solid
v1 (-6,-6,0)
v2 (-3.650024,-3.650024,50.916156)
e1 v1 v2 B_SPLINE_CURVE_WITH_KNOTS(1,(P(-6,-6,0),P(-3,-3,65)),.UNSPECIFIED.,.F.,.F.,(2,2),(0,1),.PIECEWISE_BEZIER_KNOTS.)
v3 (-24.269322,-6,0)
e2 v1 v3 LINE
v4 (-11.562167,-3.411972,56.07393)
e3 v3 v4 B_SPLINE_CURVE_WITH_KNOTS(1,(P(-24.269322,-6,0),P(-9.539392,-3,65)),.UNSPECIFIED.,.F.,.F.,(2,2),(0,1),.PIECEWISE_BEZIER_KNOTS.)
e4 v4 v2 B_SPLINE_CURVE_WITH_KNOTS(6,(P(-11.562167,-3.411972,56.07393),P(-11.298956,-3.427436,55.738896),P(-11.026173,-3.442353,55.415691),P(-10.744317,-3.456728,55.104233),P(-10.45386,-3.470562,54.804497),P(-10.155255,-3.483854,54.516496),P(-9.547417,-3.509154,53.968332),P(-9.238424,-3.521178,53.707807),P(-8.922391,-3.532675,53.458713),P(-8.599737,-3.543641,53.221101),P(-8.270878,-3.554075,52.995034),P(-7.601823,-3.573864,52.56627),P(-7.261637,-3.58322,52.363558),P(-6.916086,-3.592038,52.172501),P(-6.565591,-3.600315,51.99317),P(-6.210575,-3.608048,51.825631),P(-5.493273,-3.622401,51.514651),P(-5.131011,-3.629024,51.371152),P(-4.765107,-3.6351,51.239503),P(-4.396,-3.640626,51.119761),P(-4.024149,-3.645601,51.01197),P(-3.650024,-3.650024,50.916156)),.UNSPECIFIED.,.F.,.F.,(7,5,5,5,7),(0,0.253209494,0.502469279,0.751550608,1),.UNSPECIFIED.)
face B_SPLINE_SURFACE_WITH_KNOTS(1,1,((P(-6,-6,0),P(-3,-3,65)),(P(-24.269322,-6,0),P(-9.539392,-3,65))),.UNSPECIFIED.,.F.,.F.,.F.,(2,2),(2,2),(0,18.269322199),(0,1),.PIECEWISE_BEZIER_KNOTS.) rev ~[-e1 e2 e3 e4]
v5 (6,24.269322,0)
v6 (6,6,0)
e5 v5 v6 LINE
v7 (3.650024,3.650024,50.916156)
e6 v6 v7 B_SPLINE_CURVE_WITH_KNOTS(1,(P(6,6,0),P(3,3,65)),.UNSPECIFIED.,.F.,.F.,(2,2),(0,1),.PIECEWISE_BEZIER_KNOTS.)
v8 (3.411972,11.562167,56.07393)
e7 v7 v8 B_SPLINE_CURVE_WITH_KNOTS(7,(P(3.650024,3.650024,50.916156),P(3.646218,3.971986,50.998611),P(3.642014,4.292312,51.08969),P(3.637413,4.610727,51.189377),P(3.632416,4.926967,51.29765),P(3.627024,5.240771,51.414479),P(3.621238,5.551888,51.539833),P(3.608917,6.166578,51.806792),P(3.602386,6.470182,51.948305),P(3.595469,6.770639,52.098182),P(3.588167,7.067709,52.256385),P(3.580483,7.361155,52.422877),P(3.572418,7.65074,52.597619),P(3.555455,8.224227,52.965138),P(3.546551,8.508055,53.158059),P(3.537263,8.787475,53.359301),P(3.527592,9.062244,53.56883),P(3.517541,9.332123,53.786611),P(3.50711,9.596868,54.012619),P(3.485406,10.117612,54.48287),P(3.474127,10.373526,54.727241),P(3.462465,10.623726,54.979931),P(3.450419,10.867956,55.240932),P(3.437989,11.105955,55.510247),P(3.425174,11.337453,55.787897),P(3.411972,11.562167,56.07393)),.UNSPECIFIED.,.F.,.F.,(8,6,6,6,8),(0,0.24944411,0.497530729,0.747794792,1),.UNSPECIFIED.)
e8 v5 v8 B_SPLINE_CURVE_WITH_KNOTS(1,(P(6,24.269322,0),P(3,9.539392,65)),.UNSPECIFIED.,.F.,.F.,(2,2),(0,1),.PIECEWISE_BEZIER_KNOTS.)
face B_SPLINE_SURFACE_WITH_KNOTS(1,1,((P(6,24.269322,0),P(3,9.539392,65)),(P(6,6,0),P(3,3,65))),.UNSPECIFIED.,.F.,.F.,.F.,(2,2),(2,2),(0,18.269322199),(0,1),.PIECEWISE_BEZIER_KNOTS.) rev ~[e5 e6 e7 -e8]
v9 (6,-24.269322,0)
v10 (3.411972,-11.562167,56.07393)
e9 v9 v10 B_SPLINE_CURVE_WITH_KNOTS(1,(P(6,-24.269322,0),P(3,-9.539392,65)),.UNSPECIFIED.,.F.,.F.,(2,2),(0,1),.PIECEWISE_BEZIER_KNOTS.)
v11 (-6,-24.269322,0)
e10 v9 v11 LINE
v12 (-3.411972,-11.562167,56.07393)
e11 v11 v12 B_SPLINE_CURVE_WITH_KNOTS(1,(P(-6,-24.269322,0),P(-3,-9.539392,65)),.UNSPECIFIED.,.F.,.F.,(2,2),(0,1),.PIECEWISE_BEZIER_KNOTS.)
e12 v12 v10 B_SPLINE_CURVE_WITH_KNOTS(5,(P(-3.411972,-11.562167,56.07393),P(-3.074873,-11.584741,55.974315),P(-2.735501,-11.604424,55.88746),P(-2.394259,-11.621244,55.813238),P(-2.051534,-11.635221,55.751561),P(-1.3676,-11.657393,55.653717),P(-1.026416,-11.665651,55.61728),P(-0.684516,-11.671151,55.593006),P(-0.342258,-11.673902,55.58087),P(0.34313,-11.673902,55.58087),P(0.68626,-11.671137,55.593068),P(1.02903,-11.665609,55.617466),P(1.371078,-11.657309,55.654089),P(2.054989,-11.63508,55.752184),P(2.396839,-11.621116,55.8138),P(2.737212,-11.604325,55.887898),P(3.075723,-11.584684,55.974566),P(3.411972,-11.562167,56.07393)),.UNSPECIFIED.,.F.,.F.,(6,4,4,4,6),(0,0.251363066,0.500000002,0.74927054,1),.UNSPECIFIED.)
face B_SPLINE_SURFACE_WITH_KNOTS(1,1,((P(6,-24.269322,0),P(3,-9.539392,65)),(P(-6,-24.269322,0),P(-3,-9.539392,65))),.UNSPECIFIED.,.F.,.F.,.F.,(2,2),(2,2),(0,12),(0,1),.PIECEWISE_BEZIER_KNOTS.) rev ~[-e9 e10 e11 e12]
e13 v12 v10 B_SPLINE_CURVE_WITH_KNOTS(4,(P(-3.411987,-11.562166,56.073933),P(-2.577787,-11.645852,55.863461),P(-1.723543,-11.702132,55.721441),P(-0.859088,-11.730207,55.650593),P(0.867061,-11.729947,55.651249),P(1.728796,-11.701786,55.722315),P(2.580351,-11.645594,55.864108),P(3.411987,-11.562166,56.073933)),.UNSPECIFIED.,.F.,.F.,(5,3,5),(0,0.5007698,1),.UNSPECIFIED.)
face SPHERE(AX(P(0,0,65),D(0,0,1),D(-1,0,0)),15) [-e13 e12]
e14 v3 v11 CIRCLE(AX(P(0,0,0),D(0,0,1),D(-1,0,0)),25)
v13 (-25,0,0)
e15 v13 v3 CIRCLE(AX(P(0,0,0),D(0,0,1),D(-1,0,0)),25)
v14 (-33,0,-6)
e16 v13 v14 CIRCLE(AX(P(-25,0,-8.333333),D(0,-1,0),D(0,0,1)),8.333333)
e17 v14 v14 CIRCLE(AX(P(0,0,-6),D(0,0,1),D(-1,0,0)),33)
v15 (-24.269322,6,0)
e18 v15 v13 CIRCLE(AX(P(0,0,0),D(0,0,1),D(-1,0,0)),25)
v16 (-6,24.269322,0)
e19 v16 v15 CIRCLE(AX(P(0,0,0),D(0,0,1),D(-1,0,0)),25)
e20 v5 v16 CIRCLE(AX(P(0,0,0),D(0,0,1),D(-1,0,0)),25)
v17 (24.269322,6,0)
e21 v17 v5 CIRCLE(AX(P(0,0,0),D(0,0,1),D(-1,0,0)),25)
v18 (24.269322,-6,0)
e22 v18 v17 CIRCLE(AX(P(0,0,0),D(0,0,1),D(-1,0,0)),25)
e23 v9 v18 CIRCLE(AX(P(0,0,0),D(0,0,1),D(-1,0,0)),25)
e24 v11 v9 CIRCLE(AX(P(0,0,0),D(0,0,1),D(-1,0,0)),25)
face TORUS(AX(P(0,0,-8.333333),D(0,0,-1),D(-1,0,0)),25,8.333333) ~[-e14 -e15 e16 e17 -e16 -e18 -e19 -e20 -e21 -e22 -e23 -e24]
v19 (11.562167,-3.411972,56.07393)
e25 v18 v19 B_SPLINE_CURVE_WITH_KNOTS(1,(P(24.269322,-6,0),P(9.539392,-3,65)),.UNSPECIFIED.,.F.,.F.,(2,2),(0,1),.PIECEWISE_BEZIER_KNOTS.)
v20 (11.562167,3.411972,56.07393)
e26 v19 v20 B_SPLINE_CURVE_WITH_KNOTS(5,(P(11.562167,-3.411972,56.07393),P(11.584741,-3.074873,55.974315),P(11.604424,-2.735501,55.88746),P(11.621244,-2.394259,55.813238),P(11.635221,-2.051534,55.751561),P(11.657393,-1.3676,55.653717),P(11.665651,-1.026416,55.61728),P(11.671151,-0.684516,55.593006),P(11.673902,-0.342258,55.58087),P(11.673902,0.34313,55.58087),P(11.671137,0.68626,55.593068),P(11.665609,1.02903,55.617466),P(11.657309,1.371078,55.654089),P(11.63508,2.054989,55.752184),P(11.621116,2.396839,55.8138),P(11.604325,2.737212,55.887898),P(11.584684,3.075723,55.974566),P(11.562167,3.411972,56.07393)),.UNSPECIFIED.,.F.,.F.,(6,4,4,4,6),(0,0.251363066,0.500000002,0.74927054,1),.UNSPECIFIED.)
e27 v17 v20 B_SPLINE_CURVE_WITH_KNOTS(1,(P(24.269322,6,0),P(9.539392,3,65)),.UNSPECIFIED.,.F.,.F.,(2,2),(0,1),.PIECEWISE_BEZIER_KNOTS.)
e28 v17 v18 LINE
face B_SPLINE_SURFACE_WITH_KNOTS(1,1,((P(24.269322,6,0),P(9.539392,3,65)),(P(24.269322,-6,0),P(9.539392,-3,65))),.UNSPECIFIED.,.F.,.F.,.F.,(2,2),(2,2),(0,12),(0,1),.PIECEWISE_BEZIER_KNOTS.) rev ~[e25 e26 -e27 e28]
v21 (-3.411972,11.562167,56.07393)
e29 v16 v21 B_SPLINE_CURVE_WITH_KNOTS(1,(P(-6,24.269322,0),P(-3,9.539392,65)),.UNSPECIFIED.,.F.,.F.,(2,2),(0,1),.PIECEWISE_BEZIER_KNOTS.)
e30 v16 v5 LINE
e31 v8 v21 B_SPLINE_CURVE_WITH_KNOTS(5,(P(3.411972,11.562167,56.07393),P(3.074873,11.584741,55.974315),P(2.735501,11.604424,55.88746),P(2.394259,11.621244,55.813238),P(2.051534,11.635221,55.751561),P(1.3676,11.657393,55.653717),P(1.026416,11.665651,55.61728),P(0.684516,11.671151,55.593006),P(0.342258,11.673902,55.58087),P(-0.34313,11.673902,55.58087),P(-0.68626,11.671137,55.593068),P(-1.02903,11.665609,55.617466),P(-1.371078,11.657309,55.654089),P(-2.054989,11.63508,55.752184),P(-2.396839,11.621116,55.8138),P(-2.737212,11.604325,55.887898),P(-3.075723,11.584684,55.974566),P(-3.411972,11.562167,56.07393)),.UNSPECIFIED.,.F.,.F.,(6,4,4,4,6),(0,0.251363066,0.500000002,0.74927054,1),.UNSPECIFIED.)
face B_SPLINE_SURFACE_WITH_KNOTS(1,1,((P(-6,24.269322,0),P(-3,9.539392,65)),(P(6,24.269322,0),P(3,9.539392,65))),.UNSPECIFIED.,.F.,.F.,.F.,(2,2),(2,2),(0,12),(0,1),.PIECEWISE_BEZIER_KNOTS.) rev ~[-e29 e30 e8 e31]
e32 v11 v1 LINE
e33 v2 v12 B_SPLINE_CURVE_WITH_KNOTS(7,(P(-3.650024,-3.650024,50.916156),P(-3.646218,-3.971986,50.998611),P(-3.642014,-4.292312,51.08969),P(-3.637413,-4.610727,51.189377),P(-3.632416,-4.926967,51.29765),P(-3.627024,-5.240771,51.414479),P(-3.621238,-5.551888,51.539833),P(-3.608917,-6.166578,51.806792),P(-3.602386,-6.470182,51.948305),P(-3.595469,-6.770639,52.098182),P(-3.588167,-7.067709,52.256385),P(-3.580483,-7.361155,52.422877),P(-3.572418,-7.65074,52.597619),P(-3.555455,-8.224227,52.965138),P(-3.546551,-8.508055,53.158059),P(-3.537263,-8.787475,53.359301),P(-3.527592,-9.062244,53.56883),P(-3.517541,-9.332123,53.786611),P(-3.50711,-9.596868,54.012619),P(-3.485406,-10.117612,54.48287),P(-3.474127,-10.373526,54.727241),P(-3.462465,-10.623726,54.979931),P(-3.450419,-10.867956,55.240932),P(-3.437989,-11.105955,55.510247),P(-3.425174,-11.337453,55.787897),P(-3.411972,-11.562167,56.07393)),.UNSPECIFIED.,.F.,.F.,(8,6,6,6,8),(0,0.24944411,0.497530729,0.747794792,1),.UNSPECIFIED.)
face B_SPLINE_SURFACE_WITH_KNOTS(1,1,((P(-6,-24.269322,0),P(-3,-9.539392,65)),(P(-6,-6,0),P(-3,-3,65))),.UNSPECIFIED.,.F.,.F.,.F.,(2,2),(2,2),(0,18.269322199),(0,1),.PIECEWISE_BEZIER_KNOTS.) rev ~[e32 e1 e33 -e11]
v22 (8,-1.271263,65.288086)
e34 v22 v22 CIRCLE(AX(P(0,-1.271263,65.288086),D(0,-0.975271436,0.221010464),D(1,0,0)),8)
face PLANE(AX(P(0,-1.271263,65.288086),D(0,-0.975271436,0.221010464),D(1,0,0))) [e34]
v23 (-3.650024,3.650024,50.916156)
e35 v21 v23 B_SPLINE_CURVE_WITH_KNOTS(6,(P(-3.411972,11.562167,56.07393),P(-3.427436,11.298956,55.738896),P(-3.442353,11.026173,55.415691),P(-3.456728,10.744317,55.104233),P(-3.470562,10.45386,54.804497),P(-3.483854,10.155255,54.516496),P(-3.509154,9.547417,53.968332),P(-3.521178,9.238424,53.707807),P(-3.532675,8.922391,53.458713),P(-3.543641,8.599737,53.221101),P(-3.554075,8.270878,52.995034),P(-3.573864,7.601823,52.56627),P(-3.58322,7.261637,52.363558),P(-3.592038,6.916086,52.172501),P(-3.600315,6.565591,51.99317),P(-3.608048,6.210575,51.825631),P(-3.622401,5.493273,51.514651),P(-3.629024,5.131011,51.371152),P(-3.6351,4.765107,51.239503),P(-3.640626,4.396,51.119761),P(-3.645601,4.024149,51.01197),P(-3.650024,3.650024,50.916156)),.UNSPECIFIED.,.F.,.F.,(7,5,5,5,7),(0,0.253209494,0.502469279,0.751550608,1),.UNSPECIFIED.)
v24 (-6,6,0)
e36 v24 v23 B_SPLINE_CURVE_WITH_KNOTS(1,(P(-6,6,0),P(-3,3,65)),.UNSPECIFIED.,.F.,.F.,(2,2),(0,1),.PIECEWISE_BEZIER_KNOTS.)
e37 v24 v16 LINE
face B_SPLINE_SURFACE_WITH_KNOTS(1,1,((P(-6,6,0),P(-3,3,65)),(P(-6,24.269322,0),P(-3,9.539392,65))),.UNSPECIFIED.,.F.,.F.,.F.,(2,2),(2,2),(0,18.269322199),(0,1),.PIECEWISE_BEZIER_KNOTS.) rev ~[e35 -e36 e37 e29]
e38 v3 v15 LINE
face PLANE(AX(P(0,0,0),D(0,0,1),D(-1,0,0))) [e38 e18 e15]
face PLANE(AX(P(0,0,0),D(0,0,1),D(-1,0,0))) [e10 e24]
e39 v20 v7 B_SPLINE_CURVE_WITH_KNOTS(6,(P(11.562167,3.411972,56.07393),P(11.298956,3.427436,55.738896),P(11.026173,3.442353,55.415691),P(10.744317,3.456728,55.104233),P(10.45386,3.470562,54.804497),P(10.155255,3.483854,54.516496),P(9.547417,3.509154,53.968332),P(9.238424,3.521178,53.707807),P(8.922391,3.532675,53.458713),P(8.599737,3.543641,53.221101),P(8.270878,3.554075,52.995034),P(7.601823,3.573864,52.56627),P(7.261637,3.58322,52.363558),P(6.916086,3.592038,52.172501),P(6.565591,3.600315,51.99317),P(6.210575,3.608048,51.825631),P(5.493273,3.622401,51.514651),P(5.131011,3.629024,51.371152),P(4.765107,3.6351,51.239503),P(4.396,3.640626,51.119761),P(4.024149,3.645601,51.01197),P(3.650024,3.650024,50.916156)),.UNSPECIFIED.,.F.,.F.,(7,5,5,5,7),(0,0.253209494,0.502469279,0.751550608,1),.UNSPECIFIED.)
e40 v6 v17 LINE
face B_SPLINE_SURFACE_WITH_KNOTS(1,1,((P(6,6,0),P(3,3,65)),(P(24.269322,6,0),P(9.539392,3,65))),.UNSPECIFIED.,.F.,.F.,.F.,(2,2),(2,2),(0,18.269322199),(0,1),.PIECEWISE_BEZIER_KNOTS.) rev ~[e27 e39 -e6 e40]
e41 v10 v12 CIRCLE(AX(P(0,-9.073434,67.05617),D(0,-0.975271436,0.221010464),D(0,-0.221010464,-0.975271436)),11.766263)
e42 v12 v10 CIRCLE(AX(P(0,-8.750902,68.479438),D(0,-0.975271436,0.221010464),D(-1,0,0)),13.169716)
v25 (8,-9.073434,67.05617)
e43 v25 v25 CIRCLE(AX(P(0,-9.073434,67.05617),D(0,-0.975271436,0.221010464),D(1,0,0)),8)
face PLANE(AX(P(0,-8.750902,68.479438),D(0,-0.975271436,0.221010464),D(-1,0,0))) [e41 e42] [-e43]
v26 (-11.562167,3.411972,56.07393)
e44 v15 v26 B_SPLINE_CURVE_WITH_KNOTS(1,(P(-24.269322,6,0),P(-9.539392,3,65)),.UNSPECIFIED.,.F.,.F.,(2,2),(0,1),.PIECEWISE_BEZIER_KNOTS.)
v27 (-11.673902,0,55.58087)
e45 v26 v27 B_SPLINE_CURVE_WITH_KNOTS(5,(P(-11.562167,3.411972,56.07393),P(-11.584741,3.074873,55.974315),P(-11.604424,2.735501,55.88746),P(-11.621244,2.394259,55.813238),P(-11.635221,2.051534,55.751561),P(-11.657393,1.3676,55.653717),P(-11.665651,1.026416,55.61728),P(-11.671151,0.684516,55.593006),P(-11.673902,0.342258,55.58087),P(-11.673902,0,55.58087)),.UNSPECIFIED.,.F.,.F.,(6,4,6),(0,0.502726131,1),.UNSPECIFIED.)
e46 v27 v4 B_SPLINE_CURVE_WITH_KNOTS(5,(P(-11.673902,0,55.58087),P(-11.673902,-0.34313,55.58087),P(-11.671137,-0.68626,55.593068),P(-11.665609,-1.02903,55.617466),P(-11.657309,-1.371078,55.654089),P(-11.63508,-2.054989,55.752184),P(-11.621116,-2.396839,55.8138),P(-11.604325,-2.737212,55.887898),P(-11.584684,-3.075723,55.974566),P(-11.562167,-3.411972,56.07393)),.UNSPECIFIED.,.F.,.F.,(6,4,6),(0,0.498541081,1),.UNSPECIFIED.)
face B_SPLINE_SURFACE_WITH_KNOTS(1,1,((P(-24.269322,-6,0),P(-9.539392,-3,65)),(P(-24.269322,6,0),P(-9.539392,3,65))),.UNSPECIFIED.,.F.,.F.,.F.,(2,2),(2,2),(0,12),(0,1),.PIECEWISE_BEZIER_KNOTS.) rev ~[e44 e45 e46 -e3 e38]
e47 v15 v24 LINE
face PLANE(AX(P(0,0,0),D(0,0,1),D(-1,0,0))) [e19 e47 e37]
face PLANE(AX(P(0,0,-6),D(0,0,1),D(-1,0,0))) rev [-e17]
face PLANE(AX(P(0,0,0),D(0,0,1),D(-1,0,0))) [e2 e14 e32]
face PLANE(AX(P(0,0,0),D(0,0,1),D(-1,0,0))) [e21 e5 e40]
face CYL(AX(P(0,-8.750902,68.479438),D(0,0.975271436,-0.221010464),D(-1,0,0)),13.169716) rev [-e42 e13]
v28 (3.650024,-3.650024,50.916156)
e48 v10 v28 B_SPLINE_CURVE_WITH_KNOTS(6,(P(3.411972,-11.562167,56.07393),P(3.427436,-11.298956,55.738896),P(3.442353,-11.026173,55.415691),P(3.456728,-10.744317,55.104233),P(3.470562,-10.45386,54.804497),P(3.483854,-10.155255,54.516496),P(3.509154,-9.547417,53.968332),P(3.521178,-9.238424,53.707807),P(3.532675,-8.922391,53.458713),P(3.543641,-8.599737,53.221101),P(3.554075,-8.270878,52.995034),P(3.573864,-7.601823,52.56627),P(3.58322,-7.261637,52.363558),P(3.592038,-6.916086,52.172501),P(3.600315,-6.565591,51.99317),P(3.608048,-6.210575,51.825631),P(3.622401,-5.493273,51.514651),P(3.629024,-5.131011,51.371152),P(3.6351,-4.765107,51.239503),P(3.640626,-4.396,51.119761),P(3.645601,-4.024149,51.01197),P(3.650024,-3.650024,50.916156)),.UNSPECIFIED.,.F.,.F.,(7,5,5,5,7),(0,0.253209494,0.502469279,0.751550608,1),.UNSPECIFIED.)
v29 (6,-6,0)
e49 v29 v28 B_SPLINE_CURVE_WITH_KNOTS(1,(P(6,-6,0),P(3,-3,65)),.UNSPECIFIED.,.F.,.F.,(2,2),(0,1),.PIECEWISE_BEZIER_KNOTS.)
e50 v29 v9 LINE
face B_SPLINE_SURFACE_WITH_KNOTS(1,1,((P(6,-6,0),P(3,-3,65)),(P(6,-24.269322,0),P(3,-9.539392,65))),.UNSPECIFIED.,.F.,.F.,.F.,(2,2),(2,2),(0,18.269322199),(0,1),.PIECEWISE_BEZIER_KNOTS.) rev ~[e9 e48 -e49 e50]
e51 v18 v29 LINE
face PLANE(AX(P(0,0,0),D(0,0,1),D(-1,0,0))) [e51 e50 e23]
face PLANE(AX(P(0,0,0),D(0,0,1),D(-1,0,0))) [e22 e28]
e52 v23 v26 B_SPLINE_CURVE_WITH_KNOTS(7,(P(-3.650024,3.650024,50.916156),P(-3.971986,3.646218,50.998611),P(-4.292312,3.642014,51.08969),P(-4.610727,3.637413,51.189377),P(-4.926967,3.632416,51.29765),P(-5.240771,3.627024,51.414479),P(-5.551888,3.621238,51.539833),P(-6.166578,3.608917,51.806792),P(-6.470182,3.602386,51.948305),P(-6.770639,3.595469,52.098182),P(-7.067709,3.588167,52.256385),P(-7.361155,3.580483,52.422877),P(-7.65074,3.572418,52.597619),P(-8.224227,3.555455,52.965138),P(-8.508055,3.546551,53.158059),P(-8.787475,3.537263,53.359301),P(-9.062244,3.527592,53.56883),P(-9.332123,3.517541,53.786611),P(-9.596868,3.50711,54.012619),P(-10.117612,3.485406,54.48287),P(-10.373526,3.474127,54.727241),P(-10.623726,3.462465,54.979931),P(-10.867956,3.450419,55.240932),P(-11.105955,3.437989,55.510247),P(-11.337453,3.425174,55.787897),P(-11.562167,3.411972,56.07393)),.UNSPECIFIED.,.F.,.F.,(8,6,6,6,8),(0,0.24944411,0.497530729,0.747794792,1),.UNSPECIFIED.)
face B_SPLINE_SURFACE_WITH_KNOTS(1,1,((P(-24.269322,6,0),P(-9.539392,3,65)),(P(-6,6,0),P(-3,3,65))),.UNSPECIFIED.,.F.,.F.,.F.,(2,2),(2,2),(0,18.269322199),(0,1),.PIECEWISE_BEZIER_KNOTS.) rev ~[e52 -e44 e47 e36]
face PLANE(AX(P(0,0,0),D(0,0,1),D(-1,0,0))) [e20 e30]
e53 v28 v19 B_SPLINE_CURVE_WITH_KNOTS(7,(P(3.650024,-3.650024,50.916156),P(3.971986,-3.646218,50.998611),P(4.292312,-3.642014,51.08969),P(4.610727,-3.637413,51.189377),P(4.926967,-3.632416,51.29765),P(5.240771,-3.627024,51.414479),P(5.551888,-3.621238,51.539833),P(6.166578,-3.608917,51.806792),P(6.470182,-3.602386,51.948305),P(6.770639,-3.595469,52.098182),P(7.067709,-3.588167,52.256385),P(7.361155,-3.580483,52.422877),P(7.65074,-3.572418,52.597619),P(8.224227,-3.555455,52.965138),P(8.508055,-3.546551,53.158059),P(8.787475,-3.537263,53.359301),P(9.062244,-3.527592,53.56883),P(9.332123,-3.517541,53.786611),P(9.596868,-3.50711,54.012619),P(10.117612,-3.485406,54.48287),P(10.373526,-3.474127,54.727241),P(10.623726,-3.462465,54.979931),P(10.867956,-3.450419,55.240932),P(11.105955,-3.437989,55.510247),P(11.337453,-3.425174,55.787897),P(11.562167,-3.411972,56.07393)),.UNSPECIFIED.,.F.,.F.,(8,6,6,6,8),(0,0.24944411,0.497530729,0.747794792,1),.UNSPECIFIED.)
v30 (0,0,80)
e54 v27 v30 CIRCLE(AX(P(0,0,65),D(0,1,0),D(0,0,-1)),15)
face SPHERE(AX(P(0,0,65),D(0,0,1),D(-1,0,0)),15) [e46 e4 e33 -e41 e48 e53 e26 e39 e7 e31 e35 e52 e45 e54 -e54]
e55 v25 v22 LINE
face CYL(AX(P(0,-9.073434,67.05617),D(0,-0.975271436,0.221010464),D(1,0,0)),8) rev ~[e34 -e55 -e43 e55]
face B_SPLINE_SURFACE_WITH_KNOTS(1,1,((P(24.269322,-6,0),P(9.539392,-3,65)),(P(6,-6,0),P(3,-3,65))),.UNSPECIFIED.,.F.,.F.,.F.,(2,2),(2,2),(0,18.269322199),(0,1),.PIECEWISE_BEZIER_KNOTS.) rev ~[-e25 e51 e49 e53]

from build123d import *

# Parameters (mm, degrees)
SKETCH004_R     = 13.1697157112
POCKET_DEPTH    = 26.1966179099
SKETCH005_R     = 8
POCKET001_DEPTH = 8


with BuildPart() as part:
    # Sketch001 → Revolution (revolve)
    with BuildSketch(Plane.XZ):
        with BuildLine():
            Line((0, -6), (-25, -6))
            Line((-25, -6), (-33, -6))
            ThreePointArc((-25, 0), (-30, -1.6666666667), (-33, -6))
            Line((-25, 0), (0, 0))
            Line((0, -6), (0, 0))
        make_face()
    revolve(axis=Axis((0, 0, 0), (0, 0, 1)))

    # Sketch002 (on Face4 of Revolution) → AdditiveLoft section 0
    with BuildSketch(Plane(origin=(0, 0, 0), x_dir=(-1, 0, 0), z_dir=(0, 0, 1))):
        Polygon((-6, 24.269322199), (6, 24.269322199), (6, 6), (24.269322199, 6), (24.269322199, -6), (6, -6), (6, -24.269322199), (-6, -24.269322199), (-6, -6), (-24.269322199, -6), (-24.269322199, 6), (-6, 6), align=None)
    # Sketch003 (on Face4 of Revolution) → AdditiveLoft section 1
    with BuildSketch(Plane(origin=(0, 0, 65), x_dir=(-1, 0, 0), z_dir=(0, 0, 1))):
        Polygon((-3, 9.5393920142), (3, 9.5393920142), (3, 3), (9.5393920142, 3), (9.5393920142, -3), (3.0000000001, -3), (3.0000000001, -9.5393920142), (-3, -9.5393920142), (-3, -3), (-9.5393920142, -3), (-9.5393920142, 3), (-3, 3), align=None)
    loft()

    # Sphere → Sphere (revolve)
    with BuildSketch(Plane(origin=(0, 0, 65), x_dir=(-1, 0, 0), z_dir=(0, 1, 0))):
        with BuildLine():
            ThreePointArc((0, -15), (15, 0), (0, 15))
            Line((0, 15), (0, -15))
        make_face()
    revolve(axis=Axis((0, 0, 65), (0, 0, 1)))

    # Sketch004 (on DatumPlane) → Pocket (cut, through all)
    with BuildSketch(Plane(origin=(0, -18.5276390249, 25.3368075501), x_dir=(-1, 0, 0), z_dir=(0, -0.9752714364, 0.2210104642))):
        with Locations((0, -44.2365366104)):
            Circle(SKETCH004_R)
    extrude(amount=POCKET_DEPTH, mode=Mode.SUBTRACT)

    # Sketch005 (on Face26 of Pocket) → Pocket001 (cut)
    with BuildSketch(Plane(origin=(0, -9.0734344466, 67.0561700913), x_dir=(1, 0, 0), z_dir=(0, -0.9752714364, 0.2210104642))):
        Circle(SKETCH005_R)
    extrude(amount=-POCKET001_DEPTH, mode=Mode.SUBTRACT)


solid = part.part
